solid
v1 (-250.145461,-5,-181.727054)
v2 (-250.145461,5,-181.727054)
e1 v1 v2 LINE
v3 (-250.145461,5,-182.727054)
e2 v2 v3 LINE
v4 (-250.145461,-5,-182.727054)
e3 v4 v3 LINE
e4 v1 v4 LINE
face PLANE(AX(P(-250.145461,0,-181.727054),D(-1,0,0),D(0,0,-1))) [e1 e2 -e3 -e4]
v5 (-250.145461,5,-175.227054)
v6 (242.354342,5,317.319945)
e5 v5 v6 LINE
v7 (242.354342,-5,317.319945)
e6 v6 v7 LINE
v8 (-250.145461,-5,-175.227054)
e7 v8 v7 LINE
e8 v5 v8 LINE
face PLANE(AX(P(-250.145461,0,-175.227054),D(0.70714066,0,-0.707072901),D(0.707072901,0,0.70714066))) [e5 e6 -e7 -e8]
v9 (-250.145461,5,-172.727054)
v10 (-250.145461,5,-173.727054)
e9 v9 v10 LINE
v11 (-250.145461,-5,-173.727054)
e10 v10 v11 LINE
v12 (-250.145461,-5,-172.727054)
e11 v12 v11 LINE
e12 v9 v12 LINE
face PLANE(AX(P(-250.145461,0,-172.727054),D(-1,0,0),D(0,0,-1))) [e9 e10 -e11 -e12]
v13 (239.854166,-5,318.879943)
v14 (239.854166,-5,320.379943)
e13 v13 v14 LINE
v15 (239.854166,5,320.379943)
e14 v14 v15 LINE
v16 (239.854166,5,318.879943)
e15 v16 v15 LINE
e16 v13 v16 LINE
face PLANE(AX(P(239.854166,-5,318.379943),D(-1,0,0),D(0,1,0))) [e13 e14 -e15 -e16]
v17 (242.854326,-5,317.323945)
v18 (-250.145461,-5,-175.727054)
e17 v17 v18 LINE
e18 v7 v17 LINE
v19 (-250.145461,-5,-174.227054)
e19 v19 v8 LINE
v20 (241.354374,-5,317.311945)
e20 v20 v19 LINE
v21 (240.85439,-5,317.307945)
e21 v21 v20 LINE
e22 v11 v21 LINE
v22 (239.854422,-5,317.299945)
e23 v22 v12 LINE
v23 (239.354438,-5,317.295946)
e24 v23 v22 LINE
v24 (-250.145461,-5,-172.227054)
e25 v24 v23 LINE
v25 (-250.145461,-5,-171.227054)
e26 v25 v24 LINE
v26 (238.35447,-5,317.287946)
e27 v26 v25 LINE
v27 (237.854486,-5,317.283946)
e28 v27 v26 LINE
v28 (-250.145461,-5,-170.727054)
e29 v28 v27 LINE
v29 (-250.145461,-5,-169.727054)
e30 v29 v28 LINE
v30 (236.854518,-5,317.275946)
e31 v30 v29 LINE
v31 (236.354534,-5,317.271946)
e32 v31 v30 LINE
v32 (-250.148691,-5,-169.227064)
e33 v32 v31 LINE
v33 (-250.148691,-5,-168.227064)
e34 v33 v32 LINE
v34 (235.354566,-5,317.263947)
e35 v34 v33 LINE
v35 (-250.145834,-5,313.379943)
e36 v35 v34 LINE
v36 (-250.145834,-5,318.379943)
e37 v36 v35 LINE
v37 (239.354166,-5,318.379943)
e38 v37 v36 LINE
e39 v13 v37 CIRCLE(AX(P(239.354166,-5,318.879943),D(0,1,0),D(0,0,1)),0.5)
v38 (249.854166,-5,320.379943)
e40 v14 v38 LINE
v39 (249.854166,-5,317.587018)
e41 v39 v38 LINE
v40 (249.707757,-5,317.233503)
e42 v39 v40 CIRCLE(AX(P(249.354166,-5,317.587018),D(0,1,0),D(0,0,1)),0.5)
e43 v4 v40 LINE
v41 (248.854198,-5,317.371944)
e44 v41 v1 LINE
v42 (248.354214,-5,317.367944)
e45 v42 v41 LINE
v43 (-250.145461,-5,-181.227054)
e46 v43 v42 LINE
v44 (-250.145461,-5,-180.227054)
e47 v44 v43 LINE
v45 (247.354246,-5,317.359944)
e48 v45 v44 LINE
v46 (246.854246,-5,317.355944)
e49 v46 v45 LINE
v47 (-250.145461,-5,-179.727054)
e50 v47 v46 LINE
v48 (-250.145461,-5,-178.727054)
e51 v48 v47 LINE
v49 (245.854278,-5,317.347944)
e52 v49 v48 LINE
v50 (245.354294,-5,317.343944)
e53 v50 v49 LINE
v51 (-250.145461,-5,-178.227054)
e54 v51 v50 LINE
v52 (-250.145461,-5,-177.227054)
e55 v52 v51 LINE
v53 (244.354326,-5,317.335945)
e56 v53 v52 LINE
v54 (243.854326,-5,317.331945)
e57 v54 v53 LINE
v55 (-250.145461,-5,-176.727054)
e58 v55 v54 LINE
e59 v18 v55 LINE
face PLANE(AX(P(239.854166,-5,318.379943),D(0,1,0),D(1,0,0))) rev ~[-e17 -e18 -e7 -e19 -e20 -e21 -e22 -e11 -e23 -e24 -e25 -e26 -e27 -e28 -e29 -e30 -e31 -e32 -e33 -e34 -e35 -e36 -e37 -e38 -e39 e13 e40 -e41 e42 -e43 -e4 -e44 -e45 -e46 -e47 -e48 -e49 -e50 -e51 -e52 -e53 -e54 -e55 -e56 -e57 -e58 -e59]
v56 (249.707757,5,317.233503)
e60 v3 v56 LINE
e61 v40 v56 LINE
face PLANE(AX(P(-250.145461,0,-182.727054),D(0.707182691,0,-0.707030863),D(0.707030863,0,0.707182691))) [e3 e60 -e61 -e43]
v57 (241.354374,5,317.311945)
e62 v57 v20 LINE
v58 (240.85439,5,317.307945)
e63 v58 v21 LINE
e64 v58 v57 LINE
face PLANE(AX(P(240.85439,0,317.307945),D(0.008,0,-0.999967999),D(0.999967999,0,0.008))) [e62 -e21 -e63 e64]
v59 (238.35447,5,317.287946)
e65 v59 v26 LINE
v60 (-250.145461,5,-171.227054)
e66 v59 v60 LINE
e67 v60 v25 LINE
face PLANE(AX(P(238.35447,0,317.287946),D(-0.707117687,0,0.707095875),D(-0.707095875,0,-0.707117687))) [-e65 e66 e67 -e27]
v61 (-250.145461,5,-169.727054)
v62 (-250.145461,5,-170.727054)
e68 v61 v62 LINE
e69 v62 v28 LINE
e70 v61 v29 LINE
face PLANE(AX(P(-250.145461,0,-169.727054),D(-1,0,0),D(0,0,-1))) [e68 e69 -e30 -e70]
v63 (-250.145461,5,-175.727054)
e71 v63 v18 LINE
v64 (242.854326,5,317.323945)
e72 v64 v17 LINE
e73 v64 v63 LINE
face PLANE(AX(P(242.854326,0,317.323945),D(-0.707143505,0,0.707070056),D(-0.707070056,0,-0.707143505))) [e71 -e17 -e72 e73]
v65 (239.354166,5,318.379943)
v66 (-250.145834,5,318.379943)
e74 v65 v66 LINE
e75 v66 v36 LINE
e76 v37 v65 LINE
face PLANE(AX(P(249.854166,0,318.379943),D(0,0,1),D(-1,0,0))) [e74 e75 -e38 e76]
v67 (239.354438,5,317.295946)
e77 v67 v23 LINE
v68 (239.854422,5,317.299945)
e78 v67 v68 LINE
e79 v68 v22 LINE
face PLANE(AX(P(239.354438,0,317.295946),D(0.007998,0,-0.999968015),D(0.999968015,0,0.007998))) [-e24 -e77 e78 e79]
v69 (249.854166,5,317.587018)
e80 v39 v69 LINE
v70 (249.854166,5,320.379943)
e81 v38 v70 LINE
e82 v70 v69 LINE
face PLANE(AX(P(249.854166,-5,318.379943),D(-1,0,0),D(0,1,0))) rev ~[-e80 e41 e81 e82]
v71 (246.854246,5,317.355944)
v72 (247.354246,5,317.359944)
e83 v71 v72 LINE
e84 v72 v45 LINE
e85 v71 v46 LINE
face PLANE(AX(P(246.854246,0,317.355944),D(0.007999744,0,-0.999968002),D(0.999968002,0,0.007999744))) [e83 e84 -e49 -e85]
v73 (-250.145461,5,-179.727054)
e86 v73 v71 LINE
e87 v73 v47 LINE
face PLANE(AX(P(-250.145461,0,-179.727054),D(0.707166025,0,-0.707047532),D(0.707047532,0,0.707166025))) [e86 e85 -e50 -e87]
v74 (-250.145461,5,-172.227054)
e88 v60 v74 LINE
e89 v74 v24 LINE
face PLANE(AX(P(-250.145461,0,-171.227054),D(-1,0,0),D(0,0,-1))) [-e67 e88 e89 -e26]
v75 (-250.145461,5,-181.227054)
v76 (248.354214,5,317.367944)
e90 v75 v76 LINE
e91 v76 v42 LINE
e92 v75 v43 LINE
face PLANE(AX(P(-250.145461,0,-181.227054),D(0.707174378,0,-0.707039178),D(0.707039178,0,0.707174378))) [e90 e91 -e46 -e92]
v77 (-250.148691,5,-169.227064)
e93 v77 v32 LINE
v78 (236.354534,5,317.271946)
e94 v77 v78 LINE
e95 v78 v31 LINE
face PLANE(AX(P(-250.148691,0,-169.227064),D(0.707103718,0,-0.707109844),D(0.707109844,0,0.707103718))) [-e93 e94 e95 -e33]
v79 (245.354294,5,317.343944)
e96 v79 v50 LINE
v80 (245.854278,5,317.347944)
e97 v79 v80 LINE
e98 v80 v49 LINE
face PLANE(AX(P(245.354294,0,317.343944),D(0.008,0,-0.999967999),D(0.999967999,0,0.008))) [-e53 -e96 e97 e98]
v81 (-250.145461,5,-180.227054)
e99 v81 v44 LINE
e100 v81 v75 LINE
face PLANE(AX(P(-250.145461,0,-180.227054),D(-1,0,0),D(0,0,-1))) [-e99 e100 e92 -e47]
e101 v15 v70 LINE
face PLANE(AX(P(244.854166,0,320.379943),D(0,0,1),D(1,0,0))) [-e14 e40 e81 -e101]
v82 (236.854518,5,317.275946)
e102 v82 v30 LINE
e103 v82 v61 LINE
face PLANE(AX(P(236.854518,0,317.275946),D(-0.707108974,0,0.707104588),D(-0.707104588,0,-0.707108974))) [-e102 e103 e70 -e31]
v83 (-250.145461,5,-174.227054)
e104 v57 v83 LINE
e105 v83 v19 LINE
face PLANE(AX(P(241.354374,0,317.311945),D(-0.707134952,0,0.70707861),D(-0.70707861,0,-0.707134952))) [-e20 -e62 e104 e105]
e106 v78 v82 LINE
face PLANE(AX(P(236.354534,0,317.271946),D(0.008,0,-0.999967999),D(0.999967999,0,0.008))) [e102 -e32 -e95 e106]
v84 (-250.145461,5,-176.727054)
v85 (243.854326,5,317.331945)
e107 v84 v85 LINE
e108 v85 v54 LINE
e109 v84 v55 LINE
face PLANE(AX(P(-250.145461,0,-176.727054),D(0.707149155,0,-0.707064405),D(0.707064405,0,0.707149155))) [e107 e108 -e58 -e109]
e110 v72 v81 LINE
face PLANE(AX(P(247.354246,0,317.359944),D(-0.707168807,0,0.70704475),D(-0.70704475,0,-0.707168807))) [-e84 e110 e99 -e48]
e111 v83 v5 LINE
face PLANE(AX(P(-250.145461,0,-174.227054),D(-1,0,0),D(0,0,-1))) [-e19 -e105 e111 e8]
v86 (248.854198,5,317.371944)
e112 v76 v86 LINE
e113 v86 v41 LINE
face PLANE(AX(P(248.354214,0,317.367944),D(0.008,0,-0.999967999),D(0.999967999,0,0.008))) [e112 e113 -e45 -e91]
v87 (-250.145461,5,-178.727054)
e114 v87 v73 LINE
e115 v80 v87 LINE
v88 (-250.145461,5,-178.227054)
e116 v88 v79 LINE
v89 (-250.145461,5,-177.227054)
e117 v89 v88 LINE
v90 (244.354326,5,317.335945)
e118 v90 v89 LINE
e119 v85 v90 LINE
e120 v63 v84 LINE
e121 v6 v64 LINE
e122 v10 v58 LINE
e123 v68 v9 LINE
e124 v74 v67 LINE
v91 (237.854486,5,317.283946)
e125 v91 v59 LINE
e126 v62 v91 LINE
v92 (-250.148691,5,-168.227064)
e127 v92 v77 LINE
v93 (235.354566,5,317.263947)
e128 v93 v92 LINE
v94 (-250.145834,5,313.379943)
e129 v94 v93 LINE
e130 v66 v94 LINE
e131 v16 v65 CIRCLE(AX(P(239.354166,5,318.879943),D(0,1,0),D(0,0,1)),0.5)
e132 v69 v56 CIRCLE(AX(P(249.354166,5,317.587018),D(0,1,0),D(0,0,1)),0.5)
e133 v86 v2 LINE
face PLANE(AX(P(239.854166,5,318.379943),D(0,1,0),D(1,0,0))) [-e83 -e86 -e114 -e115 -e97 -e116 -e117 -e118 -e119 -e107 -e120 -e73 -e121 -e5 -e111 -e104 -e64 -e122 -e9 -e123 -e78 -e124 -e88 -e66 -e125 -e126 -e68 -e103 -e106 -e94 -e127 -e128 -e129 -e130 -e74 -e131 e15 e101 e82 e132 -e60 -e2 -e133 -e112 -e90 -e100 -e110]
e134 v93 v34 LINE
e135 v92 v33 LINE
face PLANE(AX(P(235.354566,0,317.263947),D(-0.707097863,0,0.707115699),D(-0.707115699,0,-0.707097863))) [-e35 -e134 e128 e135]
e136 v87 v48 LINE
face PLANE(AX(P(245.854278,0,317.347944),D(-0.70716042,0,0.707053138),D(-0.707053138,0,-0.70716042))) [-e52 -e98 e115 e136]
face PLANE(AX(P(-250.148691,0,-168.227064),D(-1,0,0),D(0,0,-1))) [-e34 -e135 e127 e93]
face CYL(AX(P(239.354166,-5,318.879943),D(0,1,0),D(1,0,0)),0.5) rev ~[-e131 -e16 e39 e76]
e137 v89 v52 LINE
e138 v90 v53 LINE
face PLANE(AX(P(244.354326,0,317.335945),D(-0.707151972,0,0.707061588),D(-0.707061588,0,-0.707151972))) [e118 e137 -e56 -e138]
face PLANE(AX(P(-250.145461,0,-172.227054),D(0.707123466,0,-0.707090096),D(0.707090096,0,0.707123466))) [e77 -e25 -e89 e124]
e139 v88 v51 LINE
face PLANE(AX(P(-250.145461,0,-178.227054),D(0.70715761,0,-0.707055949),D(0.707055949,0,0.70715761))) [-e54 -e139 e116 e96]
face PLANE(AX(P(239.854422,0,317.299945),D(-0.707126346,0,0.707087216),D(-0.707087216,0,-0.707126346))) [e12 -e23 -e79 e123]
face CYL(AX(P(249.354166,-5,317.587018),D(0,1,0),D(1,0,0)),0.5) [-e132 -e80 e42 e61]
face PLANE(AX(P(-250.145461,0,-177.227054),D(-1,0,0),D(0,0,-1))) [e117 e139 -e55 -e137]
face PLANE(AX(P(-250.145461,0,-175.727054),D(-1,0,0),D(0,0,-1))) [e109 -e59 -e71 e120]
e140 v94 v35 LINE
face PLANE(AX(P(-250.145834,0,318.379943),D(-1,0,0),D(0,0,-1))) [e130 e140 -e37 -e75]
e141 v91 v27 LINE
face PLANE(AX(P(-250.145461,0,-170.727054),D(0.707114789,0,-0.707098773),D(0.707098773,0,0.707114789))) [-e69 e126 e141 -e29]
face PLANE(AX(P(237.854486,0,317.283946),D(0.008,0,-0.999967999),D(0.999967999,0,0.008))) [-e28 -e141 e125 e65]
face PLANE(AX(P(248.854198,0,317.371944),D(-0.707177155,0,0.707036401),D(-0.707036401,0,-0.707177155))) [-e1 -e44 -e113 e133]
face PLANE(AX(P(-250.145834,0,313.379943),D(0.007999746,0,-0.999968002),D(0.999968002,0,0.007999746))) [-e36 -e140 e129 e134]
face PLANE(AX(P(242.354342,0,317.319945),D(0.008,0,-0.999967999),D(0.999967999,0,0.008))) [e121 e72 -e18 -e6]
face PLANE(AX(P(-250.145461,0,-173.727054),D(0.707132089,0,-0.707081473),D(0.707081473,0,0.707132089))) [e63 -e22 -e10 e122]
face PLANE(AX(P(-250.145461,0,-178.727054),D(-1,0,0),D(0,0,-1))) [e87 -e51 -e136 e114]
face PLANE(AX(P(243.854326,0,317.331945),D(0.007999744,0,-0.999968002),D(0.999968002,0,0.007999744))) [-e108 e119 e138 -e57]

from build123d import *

# Parameters (mm, degrees)
F1_DEPTH = 5
F3_W     = 10
F3_H     = 10
F4_DEPTH = 2
F5_R     = 0.5


with BuildPart() as f1:
    # F0 (on Front) → F1 (new body, symmetric)
    with BuildSketch(Plane.XZ):
        Polygon((249.854166, 317.379943), (249.854166, 318.379943), (-250.145834, 318.379943), (-250.145834, 313.379943), (235.354566, 317.263947), (236.354534, 317.271946), (236.854518, 317.275946), (237.854486, 317.283946), (238.35447, 317.287946), (239.354438, 317.295946), (239.854422, 317.299945), (240.85439, 317.307945), (241.354374, 317.311945), (242.354342, 317.319945), (242.854326, 317.323945), (243.854326, 317.331945), (244.354326, 317.335945), (245.354294, 317.343944), (245.854278, 317.347944), (246.854246, 317.355944), (247.354246, 317.359944), (248.354214, 317.367944), (248.854198, 317.371944), align=None)
        Polygon((-250.145461, -181.227054), (248.354214, 317.367944), (247.354246, 317.359944), (-250.145461, -180.227054), align=None)
        Polygon((-250.145461, -182.727054), (249.854166, 317.379943), (248.854198, 317.371944), (-250.145461, -181.727054), align=None)
        Polygon((-250.145461, -178.227054), (245.354294, 317.343944), (244.354326, 317.335945), (-250.145461, -177.227054), align=None)
        Polygon((-250.145461, -179.727054), (246.854246, 317.355944), (245.854278, 317.347944), (-250.145461, -178.727054), align=None)
        Polygon((240.85439, 317.307945), (239.854422, 317.299945), (-250.145461, -172.727054), (-250.145461, -173.727054), align=None)
        Polygon((-250.145461, -175.227054), (242.354342, 317.319945), (241.354374, 317.311945), (-250.145461, -174.227054), align=None)
        Polygon((-250.145461, -176.727054), (243.854326, 317.331945), (242.854326, 317.323945), (-250.145461, -175.727054), align=None)
        Polygon((239.354438, 317.295946), (238.35447, 317.287946), (-250.145461, -171.227054), (-250.145461, -172.227054), align=None)
        Polygon((237.854486, 317.283946), (236.854518, 317.275946), (-250.145461, -169.727054), (-250.145461, -170.727054), align=None)
        Polygon((236.354534, 317.271946), (235.354566, 317.263947), (-250.148691, -168.227064), (-250.148691, -169.227064), align=None)
    extrude(amount=F1_DEPTH, both=True)

    # F3 (on face) → F4 (join)
    with BuildSketch(Plane.XY.offset(318.379943)):
        with Locations((244.854166, 0)):
            Rectangle(F3_W, F3_H)
    extrude(amount=F4_DEPTH)

    # F5
    f5_edges = [f1.edges().sort_by_distance(p)[0] for p in [
        (239.854166, 0, 318.379943),
        (249.854166, 0, 317.379943),
    ]]
    fillet(f5_edges, radius=F5_R)


solid = f1.part
